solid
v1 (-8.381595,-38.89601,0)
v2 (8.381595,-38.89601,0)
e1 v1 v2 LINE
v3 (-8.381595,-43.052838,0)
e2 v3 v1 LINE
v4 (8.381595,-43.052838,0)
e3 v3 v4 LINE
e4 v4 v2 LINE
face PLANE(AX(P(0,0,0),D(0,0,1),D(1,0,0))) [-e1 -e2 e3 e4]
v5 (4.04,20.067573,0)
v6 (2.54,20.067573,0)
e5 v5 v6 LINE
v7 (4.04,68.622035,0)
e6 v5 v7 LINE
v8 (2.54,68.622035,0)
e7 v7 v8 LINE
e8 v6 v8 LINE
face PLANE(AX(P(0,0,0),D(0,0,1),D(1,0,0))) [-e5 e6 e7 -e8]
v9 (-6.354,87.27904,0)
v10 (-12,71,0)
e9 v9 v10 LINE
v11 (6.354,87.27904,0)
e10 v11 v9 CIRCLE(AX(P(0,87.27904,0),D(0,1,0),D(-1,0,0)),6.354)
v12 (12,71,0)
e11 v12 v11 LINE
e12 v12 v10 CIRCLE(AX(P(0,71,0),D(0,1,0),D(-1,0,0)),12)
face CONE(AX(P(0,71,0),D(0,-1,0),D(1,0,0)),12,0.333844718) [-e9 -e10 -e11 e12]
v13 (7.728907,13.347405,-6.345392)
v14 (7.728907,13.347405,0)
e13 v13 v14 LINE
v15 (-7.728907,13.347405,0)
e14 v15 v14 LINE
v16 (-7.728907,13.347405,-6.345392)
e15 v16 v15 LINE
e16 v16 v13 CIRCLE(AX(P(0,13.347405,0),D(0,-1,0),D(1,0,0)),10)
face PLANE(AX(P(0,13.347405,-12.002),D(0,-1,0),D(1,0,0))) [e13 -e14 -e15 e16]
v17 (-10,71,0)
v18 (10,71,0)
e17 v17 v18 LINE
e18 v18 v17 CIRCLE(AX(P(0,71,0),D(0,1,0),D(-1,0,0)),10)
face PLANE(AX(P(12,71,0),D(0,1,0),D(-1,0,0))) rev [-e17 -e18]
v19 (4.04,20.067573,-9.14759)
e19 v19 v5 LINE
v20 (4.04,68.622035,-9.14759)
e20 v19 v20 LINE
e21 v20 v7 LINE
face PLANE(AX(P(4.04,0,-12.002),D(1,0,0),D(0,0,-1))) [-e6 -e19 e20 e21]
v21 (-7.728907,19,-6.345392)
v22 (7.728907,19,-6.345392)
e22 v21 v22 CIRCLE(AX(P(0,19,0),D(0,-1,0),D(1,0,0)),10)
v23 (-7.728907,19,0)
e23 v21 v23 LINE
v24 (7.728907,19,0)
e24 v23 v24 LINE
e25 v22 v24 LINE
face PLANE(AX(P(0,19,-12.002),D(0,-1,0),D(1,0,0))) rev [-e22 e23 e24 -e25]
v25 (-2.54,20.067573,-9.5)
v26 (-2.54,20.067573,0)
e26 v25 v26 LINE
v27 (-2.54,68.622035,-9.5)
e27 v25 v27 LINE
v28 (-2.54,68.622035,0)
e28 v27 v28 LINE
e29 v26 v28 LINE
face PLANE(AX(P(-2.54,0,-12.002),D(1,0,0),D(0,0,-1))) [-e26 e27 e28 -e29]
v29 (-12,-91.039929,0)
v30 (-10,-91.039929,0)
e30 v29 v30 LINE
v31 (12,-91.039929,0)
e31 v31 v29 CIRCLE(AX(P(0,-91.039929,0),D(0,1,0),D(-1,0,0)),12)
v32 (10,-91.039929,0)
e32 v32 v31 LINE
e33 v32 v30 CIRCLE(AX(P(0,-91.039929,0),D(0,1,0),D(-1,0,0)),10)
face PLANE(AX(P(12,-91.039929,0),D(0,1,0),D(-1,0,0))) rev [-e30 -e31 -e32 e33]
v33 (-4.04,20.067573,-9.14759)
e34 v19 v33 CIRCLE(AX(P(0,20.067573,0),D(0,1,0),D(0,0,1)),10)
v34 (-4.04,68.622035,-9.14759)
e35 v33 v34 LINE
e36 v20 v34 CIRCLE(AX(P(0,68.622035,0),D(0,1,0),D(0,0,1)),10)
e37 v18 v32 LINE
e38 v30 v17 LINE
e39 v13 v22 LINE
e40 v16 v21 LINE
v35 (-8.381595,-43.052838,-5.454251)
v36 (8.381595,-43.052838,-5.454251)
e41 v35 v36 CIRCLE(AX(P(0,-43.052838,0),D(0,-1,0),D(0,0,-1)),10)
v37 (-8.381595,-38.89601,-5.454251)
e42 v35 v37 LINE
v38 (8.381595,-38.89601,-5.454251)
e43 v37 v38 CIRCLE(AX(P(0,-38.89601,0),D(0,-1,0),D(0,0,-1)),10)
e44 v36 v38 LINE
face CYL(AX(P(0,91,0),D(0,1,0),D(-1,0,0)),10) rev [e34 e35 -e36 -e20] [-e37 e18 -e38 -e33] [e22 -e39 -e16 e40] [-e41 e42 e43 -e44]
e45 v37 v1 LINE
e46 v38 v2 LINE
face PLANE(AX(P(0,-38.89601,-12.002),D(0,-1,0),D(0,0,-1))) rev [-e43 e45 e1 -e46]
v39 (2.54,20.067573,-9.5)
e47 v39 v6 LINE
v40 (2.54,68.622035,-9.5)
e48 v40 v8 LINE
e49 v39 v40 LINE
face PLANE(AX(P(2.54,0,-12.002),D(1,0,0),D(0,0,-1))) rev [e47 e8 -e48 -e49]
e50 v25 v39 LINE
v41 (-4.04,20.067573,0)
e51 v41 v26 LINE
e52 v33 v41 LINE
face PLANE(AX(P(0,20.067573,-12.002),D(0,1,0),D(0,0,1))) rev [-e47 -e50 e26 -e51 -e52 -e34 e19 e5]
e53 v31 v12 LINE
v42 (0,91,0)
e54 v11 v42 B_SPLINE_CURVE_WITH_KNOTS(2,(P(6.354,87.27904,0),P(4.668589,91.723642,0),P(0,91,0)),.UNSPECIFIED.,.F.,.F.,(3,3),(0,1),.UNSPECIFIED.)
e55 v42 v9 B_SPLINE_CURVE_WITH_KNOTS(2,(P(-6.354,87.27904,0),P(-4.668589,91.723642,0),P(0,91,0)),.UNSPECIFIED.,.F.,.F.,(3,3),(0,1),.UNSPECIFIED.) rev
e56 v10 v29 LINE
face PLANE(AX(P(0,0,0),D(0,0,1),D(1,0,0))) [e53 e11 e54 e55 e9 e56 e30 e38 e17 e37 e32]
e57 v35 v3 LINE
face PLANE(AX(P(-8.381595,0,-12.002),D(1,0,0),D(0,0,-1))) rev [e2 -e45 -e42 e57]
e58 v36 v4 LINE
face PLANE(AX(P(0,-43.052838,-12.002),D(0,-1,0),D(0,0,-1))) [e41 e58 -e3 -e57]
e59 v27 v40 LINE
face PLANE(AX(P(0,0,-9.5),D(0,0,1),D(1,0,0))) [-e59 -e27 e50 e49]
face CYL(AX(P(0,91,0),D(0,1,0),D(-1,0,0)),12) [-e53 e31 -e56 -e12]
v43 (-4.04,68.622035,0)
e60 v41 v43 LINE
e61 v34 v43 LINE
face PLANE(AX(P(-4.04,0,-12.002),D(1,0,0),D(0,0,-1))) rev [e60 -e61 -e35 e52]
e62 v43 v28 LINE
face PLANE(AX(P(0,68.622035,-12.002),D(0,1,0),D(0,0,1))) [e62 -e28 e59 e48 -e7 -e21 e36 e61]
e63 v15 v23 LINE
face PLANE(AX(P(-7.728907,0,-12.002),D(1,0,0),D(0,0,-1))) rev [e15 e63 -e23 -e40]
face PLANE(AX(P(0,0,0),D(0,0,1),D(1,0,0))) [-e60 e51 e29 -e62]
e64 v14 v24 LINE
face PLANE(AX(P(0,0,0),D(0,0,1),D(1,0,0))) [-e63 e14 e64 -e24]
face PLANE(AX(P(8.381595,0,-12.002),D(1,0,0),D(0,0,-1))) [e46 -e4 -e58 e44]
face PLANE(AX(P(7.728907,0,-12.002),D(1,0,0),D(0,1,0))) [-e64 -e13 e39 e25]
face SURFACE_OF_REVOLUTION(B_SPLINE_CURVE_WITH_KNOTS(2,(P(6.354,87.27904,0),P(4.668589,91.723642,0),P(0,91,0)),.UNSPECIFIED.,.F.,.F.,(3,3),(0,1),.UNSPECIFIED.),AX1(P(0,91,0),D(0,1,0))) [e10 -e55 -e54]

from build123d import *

# Parameters (mm, degrees)
SKETCH2_W                = 2
SKETCH2_H                = 162.039928857
BOSS_EXTRUDE1_REACH      = 94.669
BOSS_EXTRUDE1_END_RADIUS = 10
SKETCH4_W                = 15.457813272
SKETCH4_H                = 5.65259454
SKETCH4_W_2              = 16.763190872
SKETCH4_H_2              = 4.156828513
SKETCH4_W_3              = 1.5
SKETCH4_H_3              = 48.554461885
BOSS_EXTRUDE2_REACH      = 104.169
BOSS_EXTRUDE2_START      = -9.5
SKETCH4_4_W              = 5.08
SKETCH4_4_H              = 48.554461885
SKETCH5_W                = 72.783621468
SKETCH5_H                = 192.84631039
CUT_EXTRUDE1_DEPTH       = 93.66850023


with BuildPart() as part:
    # Sketch1 → Revolve1 (revolve)
    with BuildSketch(Plane.XY, mode=Mode.PRIVATE) as revolve1_sk:
        with BuildLine():
            Line((6.354000149, 87.279039692), (12, 71))
            Line((12, 71), (0, 71))
            Line((0, 71), (0, 91))
            add(Edge.make_bspline(
                [(0, 91), (4.668589185, 91.723642341), (6.354000149, 87.279039692)],
                knots=[0, 0, 0, 1, 1, 1], degree=2))
        make_face()
    revolve(revolve1_sk.sketch.rotate(Axis((0, 91, 0), (0, -1, 0)), 180), axis=Axis((0, 91, 0), (0, -1, 0)))

    # Sketch2 → Revolve2 (revolve)
    with BuildSketch(Plane.XY, mode=Mode.PRIVATE) as revolve2_sk:
        with Locations((11, -10.019964429)):
            Rectangle(SKETCH2_W, SKETCH2_H)
    revolve(revolve2_sk.sketch.rotate(Axis((0, 91, 0), (0, -1, 0)), 180), axis=Axis((0, 91, 0), (0, -1, 0)))

    # Boss-Extrude1: up to this cylinder (the profile starts inside it)
    boss_extrude1_end = Plane(origin=(0, 1.68519, 0), z_dir=(0, 1, 0)) * Cylinder(BOSS_EXTRUDE1_END_RADIUS, 295.657228, mode=Mode.PRIVATE)
    # Sketch4 → Boss-Extrude1 (add, up to the surface)
    with BuildSketch(Plane.XY, mode=Mode.PRIVATE) as boss_extrude1_sk1:
        with Locations((0, 16.17370273)):
            Rectangle(SKETCH4_W, SKETCH4_H)
    boss_extrude1_tool1 = extrude(boss_extrude1_sk1.sketch, amount=-BOSS_EXTRUDE1_REACH, mode=Mode.PRIVATE) & boss_extrude1_end
    add(boss_extrude1_tool1.solids().sort_by_distance((0, 16.173703, 0))[0])
    # Sketch4 → Boss-Extrude1 (add, up to the surface)
    with BuildSketch(Plane.XY, mode=Mode.PRIVATE) as boss_extrude1_sk2:
        with Locations((0, -40.974423961)):
            Rectangle(SKETCH4_W_2, SKETCH4_H_2)
    boss_extrude1_tool2 = extrude(boss_extrude1_sk2.sketch, amount=-BOSS_EXTRUDE1_REACH, mode=Mode.PRIVATE) & boss_extrude1_end
    add(boss_extrude1_tool2.solids().sort_by_distance((0, -40.974424, 0))[0])
    # Sketch4 → Boss-Extrude1 (add, up to the surface)
    with BuildSketch(Plane.XY, mode=Mode.PRIVATE) as boss_extrude1_sk3:
        with Locations((3.29, 44.344804049)):
            Rectangle(SKETCH4_W_3, SKETCH4_H_3)
    boss_extrude1_tool3 = extrude(boss_extrude1_sk3.sketch, amount=-BOSS_EXTRUDE1_REACH, mode=Mode.PRIVATE) & boss_extrude1_end
    add(boss_extrude1_tool3.solids().sort_by_distance((3.29, 44.344804, 0))[0])
    # Sketch4 → Boss-Extrude1 (add, up to the surface)
    with BuildSketch(Plane.XY, mode=Mode.PRIVATE) as boss_extrude1_sk4:
        with Locations((-3.29, 44.344804049)):
            Rectangle(SKETCH4_W_3, SKETCH4_H_3)
    boss_extrude1_tool4 = extrude(boss_extrude1_sk4.sketch, amount=-BOSS_EXTRUDE1_REACH, mode=Mode.PRIVATE) & boss_extrude1_end
    add(boss_extrude1_tool4.solids().sort_by_distance((-3.29, 44.344804, 0))[0])

    # Sketch4<4> → Boss-Extrude2 (add, up to next)
    with BuildSketch(Plane.XY.offset(BOSS_EXTRUDE2_START), mode=Mode.PRIVATE) as boss_extrude2_sk1:
        with Locations((0, 44.344804049)):
            Rectangle(SKETCH4_4_W, SKETCH4_4_H)
    boss_extrude2_tool1 = extrude(boss_extrude2_sk1.sketch, amount=-BOSS_EXTRUDE2_REACH, mode=Mode.PRIVATE) - part.part
    add(boss_extrude2_tool1.solids().sort_by_distance((0, 44.344804, -9.5))[0])

    # Sketch5 → Cut-Extrude1 (cut, through all)
    with BuildSketch(Plane.XY):
        Rectangle(SKETCH5_W, SKETCH5_H)
    extrude(amount=CUT_EXTRUDE1_DEPTH, mode=Mode.SUBTRACT)


solid = part.part
